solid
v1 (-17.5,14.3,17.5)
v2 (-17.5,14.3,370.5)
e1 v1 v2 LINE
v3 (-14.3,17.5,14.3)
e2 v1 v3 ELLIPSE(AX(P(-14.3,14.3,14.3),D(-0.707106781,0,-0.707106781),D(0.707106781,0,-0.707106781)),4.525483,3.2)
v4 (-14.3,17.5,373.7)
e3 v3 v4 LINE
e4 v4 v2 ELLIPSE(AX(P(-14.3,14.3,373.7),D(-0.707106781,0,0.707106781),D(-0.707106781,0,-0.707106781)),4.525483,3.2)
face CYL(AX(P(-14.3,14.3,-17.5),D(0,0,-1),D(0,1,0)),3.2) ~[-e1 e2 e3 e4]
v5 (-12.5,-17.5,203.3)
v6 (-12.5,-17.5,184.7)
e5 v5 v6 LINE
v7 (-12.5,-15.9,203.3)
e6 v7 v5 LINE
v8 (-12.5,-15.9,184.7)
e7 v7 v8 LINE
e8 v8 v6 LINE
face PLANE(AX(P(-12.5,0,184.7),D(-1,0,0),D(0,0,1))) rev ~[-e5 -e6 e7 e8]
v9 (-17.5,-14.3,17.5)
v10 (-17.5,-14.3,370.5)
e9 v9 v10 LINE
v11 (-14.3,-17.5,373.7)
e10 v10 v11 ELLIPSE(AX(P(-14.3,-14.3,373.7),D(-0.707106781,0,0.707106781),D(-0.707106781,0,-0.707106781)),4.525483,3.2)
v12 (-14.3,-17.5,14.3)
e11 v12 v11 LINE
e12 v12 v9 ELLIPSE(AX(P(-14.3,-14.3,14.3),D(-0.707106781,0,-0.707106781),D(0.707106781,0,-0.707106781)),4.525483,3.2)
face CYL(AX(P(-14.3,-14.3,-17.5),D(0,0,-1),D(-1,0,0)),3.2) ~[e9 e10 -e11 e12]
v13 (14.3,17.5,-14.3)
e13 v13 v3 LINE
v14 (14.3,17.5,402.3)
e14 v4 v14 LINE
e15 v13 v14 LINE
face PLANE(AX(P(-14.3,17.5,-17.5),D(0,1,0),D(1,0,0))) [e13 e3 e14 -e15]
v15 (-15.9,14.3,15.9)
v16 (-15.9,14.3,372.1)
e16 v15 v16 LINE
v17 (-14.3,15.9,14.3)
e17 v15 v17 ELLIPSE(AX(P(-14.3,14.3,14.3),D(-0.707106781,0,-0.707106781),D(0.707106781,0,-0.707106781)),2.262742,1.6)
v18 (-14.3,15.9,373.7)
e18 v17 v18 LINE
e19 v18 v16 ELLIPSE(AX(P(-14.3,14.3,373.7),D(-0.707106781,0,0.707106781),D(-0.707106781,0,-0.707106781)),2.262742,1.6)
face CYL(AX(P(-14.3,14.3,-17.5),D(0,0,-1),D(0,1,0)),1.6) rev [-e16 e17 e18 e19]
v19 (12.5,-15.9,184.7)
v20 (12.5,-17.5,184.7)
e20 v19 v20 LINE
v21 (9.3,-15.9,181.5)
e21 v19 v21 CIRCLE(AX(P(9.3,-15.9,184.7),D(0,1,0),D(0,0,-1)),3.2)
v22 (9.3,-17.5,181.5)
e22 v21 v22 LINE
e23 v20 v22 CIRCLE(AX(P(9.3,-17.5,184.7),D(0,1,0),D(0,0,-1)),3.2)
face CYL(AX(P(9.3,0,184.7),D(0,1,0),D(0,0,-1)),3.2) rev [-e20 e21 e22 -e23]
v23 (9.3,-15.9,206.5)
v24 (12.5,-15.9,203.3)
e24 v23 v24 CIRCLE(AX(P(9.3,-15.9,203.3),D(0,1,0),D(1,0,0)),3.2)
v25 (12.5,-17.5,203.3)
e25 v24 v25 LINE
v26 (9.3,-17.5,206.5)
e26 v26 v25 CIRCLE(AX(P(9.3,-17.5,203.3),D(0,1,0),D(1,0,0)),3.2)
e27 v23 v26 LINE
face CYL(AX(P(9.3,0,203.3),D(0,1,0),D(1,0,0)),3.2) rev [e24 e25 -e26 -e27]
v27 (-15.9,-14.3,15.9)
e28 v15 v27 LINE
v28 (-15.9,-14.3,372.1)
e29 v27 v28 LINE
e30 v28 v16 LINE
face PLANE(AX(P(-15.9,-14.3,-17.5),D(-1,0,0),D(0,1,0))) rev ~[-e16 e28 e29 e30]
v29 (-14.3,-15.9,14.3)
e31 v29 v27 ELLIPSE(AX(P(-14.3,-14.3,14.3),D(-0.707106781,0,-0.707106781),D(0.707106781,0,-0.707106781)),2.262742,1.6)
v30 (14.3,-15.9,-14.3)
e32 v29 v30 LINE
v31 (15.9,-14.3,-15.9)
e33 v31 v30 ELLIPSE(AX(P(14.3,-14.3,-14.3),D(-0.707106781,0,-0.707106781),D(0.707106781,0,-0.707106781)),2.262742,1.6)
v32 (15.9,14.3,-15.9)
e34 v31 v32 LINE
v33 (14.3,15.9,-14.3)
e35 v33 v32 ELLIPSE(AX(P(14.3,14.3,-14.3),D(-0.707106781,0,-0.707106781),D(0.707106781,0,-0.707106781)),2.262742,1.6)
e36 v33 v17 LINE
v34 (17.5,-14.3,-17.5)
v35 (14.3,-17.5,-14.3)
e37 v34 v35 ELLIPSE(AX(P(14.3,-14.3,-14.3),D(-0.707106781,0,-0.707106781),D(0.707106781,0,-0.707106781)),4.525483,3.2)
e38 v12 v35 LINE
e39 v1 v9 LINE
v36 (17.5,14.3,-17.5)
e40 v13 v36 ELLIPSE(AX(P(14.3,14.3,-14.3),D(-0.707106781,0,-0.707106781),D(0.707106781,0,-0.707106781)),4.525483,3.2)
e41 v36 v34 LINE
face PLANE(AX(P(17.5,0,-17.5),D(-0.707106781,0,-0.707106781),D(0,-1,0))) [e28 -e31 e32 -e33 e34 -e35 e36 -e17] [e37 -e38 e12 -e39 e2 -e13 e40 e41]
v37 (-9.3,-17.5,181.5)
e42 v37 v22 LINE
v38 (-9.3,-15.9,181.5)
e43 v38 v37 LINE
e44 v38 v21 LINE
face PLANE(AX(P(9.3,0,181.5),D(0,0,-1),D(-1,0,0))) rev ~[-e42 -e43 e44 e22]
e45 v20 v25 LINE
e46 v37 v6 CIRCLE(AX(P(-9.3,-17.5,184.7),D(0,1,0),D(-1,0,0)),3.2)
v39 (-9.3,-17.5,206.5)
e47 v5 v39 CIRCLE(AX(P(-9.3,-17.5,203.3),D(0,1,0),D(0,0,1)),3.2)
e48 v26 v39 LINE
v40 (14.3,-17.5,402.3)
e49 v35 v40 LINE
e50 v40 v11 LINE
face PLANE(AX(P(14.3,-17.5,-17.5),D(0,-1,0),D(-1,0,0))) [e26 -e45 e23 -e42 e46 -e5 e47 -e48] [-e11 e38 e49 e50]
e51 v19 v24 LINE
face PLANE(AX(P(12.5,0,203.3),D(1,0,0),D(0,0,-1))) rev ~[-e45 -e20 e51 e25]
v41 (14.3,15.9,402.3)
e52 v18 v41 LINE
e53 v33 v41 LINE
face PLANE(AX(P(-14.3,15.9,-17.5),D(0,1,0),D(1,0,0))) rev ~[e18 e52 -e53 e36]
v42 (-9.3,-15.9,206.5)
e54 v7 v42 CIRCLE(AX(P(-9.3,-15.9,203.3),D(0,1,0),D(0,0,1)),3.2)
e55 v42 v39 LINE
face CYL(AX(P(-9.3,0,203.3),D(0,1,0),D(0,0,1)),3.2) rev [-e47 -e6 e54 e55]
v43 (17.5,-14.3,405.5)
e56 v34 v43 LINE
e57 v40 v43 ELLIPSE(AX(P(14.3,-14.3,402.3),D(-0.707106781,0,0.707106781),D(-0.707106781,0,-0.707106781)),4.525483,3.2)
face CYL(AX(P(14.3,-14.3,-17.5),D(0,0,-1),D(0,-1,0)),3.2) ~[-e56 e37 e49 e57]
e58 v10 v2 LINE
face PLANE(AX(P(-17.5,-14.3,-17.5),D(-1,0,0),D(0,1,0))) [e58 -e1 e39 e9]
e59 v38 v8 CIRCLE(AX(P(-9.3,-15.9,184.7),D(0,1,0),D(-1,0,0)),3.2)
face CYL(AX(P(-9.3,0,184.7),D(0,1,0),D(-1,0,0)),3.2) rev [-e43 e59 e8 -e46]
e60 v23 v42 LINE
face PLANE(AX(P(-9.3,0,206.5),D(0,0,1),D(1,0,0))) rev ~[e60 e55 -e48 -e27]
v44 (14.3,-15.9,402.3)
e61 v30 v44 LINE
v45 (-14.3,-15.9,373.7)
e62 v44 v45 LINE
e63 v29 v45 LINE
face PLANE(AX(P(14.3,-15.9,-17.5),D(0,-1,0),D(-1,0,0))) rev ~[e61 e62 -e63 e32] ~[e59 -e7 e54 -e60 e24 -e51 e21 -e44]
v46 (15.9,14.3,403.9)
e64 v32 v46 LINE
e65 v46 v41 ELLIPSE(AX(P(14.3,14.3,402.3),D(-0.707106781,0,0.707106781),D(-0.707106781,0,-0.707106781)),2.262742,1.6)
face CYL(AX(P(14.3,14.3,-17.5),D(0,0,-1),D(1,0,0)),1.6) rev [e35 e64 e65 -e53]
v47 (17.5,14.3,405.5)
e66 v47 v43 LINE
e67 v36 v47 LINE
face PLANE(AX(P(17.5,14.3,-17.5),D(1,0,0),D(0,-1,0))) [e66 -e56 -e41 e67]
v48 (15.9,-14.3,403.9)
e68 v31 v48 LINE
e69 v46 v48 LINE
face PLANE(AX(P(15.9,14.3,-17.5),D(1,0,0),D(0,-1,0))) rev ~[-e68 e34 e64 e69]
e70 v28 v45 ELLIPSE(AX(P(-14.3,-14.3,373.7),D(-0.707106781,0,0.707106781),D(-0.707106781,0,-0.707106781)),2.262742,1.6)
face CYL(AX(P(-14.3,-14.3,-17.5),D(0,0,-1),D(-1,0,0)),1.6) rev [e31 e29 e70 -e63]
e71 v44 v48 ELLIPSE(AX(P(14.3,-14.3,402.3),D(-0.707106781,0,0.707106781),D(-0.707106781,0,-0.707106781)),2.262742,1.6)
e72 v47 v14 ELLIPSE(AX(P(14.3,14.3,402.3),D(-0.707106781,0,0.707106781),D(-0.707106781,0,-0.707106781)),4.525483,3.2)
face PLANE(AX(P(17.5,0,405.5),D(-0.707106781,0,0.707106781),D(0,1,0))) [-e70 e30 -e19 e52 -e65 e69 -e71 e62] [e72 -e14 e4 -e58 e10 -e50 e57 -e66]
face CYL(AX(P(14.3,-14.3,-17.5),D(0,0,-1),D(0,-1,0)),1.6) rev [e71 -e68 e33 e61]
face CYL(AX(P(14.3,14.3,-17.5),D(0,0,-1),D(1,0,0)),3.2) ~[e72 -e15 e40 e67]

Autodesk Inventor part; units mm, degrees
ref_plane "Start plane" through (0, 0, -17.5) normal (0, 0, 1) x (1, 0, 0)
ref_plane "End plane" through (0, 0, 405.5) normal (0, 0, 1) x (1, 0, 0)
sketch "Sketch" plane through (0, 0, 0) normal (0, 0, 1) x (1, 0, 0)
  line L0 (-17.5, -14.3) -> (-17.5, 14.3)
  line L1 (-14.3, 17.5) -> (14.3, 17.5)
  line L2 (17.5, 14.3) -> (17.5, -14.3)
  line L3 (14.3, -17.5) -> (-14.3, -17.5)
  arc A0 (-17.5, -14.3) -> (-14.3, -17.5) centre (-14.3, -14.3) ccw
  arc A1 (-14.3, 17.5) -> (-17.5, 14.3) centre (-14.3, 14.3) ccw
  arc A2 (17.5, 14.3) -> (14.3, 17.5) centre (14.3, 14.3) ccw
  arc A3 (14.3, -17.5) -> (17.5, -14.3) centre (14.3, -14.3) ccw
  arc A4 (-14.3, 15.9) -> (-15.9, 14.3) centre (-14.3, 14.3) ccw
  line L4 (-14.3, 15.9) -> (14.3, 15.9)
  arc A5 (15.9, 14.3) -> (14.3, 15.9) centre (14.3, 14.3) ccw
  line L5 (15.9, 14.3) -> (15.9, -14.3)
  arc A6 (14.3, -15.9) -> (15.9, -14.3) centre (14.3, -14.3) ccw
  line L6 (14.3, -15.9) -> (-14.3, -15.9)
  arc A7 (-15.9, -14.3) -> (-14.3, -15.9) centre (-14.3, -14.3) ccw
  line L7 (-15.9, -14.3) -> (-15.9, 14.3)
  line L8 (0, 25.4278) -> (0, -25.4278) construction
  line L9 (-25.4278, 0) -> (25.4278, 0) construction
  dimension "d7" = 3.2
  dimension "d10" = 35
  dimension "d11" = 35
  dimension "d12" = 1.6
  dimension "d15" = 17.5
  dimension "d16" = 17.5
extrude "Body" add sketch "Sketch" along normal up to surface (423 mm away) from surface at -17.5
sketch "Sketch3" plane through (0, 0, 0) normal (0, 0, 1) x (1, 0, 0)
  line L0 (0, 0) -> (10, 0)
ref_plane "Work Plane3" through (0, 0, 0) normal (0, -1, 0) x (1, 0, 0)
sketch "Sketch4" plane through (0, 0, 0) normal (0, -1, 0) x (1, 0, 0)
  line L0 (-2, -17.5) -> (12, -17.5)
  line L1 (-2, 405.5) -> (12, 405.5)
  dimension "d18" = 423
ref_plane "Work Plane4" through (0, 0, 194) normal (0, -1, 0) x (1, 0, 0)
ref_plane "Work Plane5" through (0, -150, 194) normal (0, -1, 0) x (1, 0, 0)
ref_plane "Work Plane6" through (0, -75, 194) normal (0, -1, 0) x (1, 0, 0)
sketch "Sketch5" plane through (0, -75, 194) normal (0, -1, 0) x (1, 0, 0)
  arc A0 (-12.5, -9.3) -> (-9.3, -12.5) centre (-9.3, -9.3) ccw
  line L0 (-12.5, -9.3) -> (-12.5, 9.3)
  arc A1 (-9.3, 12.5) -> (-12.5, 9.3) centre (-9.3, 9.3) ccw
  line L1 (-9.3, 12.5) -> (9.3, 12.5)
  arc A2 (12.5, 9.3) -> (9.3, 12.5) centre (9.3, 9.3) ccw
  line L2 (12.5, 9.3) -> (12.5, -9.3)
  arc A3 (9.3, -12.5) -> (12.5, -9.3) centre (9.3, -9.3) ccw
  line L3 (9.3, -12.5) -> (-9.3, -12.5)
  arc A4 (-9.3, 10.9) -> (-10.9, 9.3) centre (-9.3, 9.3) ccw
  line L4 (-9.3, 10.9) -> (9.3, 10.9)
  arc A5 (10.9, 9.3) -> (9.3, 10.9) centre (9.3, 9.3) ccw
  line L5 (10.9, 9.3) -> (10.9, -9.3)
  arc A6 (9.3, -10.9) -> (10.9, -9.3) centre (9.3, -9.3) ccw
  line L6 (9.3, -10.9) -> (-9.3, -10.9)
  arc A7 (-10.9, -9.3) -> (-9.3, -10.9) centre (-9.3, -9.3) ccw
  line L7 (-10.9, -9.3) -> (-10.9, 9.3)
extrude "Extrusion2" cut sketch "Sketch5" along normal up to surface (150 mm away) from surface at -75 contours L0 A1 L1 A2 L2 A3 L3 A0 | L4 A5 L5 A6 L6 A7 L7 A4
ref_plane "Work Plane7" through (-692.5586, 0, 17.5202) normal (-0.4912, 0, 0.871) x (0.871, 0, 0.4912)
split "Split1" plane through (-692.5586, 0, 17.5202) removes the side toward (-0.4912, 0, 0.871)
ref_plane "Work Plane8" through (17.5, 0, 405.5) normal (-0.7071, 0, 0.7071) x (0.7071, 0, 0.7071)
split "Split2" plane through (17.5, 0, 405.5) removes the side toward (-0.7071, 0, 0.7071)
ref_plane "Work Plane9" through (-12.5983, 0, -12.9862) normal (-0.4912, 0, -0.871) x (-0.871, 0, 0.4912)
split "Split3" plane through (-12.5983, 0, -12.9862) removes the side toward (-0.4912, 0, -0.871)
ref_plane "Work Plane10" through (17.5, 0, -17.5) normal (-0.7071, 0, -0.7071) x (-0.7071, 0, 0.7071)
split "Split4" plane through (17.5, 0, -17.5) removes the side toward (-0.7071, 0, -0.7071)
equation "\"d7\" = G_IR"
equation "\"d10\" = G_H"
equation "\"d11\" = G_W"
equation "\"d12\" = G_T"
equation "\"d15\" = 0.5 * d10"
equation "\"d16\" = 0.5 * d11"
equation "\"d3\" = G_L"
equation "\"G_W\" = 35"
equation "\"G_H\" = 35"
equation "\"G_T\" = 1.6"
equation "\"G_IR\" = 3.2"
equation "\"G_L\" = d18"
equation "\"G_OFFSET_START\" = 17.5"
equation "\"G_OFFSET_END\" = 17.5"
equation "\"d13\" = -G_OFFSET_START"
equation "\"d14\" = G_OFFSET_END + B_L"
equation "\"B_L\" = 388"
properties part number "AS 1163 - C350L0 35x35x1.6 SHS - 423" material "Steel, Mild"
